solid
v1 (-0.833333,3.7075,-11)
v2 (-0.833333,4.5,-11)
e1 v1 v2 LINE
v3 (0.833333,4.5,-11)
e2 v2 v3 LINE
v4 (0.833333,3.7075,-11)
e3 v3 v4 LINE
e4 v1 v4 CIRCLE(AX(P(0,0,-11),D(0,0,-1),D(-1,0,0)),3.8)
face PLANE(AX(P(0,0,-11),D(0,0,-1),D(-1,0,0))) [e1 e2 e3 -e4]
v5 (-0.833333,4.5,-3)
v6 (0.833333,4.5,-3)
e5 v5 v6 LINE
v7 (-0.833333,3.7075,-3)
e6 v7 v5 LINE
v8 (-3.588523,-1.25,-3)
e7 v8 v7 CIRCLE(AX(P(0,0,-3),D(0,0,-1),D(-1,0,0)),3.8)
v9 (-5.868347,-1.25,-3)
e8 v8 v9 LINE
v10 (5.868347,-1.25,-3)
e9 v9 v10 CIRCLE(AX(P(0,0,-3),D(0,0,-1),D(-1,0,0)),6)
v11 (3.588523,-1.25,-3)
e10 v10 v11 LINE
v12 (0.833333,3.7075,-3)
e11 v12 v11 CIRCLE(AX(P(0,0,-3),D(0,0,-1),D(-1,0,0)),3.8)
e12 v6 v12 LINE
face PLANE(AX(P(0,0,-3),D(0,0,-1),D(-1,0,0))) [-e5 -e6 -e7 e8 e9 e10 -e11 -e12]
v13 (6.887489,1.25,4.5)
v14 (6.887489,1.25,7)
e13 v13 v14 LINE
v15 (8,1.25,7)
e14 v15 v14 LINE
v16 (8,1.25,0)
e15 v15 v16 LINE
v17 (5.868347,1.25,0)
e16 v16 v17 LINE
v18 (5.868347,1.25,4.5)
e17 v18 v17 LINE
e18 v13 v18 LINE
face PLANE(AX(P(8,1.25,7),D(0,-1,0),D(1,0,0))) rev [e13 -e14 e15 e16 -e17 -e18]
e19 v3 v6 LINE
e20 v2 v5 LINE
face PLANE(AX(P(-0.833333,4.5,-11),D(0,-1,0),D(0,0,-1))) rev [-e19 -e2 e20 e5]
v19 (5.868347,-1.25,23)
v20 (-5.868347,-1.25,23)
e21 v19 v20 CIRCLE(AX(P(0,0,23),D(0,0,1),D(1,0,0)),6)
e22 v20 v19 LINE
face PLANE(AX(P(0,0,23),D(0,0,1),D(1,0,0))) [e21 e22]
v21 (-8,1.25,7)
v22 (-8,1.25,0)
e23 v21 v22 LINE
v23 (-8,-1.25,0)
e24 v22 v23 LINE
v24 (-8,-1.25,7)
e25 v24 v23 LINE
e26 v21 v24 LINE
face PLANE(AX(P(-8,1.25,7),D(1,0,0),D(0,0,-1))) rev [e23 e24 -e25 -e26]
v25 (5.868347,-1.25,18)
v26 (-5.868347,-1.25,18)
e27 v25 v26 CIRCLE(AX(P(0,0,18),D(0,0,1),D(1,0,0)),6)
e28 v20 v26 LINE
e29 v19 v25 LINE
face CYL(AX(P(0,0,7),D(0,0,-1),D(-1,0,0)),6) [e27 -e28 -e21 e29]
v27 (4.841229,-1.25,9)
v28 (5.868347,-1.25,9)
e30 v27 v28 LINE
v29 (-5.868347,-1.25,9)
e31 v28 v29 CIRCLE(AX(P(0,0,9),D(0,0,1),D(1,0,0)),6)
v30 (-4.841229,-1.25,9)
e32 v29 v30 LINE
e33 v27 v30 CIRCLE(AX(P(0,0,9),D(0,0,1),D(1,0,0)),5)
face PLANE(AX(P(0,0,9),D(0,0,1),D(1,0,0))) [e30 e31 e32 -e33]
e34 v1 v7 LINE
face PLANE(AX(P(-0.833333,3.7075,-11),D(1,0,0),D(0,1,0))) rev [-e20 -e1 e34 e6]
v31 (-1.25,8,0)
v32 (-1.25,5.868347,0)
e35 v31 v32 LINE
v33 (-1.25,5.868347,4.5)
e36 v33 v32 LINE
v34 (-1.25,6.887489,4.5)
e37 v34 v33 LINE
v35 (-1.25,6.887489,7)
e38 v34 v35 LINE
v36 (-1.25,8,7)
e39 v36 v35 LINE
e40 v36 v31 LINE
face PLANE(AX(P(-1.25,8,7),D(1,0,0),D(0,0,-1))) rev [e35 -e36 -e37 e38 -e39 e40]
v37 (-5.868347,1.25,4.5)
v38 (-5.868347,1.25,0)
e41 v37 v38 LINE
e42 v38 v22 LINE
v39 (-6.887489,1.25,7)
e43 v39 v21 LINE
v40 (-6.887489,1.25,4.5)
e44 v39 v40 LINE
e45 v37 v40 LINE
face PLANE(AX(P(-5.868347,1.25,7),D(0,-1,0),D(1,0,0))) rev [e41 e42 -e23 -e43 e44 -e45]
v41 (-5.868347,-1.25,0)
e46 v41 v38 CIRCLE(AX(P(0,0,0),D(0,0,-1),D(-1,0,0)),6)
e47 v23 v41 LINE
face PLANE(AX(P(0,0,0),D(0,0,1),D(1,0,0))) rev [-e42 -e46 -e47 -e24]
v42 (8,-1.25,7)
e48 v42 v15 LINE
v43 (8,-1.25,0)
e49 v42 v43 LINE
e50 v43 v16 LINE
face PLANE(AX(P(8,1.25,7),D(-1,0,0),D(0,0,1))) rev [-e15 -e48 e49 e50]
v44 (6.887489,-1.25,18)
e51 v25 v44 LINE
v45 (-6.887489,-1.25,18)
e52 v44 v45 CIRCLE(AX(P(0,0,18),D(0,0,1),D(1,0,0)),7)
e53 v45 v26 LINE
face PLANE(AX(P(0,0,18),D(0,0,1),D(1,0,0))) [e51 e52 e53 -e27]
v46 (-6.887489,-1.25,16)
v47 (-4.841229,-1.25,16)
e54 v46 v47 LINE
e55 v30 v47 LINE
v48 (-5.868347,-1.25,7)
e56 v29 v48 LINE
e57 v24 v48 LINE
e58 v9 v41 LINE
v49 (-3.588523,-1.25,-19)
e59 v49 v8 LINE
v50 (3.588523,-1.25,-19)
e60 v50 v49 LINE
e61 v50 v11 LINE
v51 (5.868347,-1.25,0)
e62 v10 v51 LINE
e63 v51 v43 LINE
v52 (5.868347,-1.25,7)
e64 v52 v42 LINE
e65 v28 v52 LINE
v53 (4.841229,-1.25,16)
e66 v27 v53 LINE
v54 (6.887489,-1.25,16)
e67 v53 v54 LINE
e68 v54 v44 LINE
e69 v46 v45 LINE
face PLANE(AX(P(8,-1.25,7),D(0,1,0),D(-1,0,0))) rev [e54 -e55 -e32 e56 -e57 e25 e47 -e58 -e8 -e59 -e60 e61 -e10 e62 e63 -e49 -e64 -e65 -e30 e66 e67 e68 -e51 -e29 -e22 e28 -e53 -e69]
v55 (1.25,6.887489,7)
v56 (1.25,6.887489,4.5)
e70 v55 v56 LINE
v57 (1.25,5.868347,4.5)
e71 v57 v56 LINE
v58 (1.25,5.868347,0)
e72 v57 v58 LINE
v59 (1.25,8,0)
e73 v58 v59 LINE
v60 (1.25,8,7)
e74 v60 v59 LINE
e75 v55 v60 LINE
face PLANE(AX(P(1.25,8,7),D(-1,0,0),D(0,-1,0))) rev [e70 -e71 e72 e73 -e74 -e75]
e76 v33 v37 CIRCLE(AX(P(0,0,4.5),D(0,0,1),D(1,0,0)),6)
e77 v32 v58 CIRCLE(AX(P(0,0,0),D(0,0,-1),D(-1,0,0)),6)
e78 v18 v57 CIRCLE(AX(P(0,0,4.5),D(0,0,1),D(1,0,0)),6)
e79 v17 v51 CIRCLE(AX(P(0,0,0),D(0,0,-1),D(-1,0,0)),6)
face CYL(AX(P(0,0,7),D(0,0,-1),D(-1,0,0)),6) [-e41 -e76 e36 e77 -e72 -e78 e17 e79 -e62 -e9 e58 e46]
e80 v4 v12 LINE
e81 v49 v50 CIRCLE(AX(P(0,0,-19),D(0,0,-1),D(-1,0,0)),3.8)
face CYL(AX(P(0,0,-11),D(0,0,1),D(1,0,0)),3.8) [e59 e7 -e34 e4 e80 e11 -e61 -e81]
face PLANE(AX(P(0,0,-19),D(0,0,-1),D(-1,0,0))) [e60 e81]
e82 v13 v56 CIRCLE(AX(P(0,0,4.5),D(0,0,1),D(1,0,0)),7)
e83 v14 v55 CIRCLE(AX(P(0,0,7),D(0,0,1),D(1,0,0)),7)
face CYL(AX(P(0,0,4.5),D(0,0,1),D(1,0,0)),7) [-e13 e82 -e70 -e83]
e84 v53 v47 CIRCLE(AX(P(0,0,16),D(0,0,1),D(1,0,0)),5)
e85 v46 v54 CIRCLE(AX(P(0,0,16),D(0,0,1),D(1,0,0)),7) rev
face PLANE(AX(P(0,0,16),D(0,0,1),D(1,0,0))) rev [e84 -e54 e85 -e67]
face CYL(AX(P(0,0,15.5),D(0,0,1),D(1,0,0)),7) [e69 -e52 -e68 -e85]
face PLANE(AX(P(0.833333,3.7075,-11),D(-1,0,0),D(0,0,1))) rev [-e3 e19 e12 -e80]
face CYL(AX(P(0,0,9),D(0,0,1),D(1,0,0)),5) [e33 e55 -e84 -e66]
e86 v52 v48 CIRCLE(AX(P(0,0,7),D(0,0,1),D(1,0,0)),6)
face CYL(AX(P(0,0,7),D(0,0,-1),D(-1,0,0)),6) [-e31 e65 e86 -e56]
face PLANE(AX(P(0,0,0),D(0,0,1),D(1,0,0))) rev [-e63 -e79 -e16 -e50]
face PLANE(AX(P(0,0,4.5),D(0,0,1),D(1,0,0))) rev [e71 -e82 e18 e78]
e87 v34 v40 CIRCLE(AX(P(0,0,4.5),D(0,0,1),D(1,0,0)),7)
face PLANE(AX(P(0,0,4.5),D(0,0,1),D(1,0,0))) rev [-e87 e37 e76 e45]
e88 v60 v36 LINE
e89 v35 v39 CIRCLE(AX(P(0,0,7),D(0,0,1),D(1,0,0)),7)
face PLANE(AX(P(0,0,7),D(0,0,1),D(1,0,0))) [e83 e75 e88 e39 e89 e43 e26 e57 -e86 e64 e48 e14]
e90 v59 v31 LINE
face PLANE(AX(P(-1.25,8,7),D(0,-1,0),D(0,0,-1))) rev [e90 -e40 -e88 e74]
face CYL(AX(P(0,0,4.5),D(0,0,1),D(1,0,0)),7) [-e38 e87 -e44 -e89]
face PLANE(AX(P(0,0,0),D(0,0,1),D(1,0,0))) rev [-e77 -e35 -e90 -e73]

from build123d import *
from build123d.topology import SkipClean

# Parameters (mm, degrees)
BOSS_EXTRUDE1_DEPTH = 7
BOSS_EXTRUDE2_DEPTH = 16
BOSS_EXTRUDE3_START = -16
BOSS_EXTRUDE3_DEPTH = 2.5
BOSS_EXTRUDE4_START = -5
BOSS_EXTRUDE4_DEPTH = 2.5
CUT_EXTRUDE1_START  = -7
SKETCH7_R           = 7.581765893
CUT_EXTRUDE1_DEPTH  = 7
BOSS_EXTRUDE5_START = 3
BOSS_EXTRUDE5_DEPTH = 3
BOSS_EXTRUDE6_DEPTH = 8
BOSS_EXTRUDE7_DEPTH = 8


with BuildPart() as part:
    # Sketch1 → Boss-Extrude1 (new body)
    with BuildSketch(Plane.XY):
        with BuildLine():
            Line((8, 1.25), (5.868347297, 1.25))
            ThreePointArc((5.868347297, 1.25), (4.242640687, 4.242640687), (1.25, 5.868347297))
            Line((1.25, 5.868347297), (1.25, 8))
            Line((1.25, 8), (-1.25, 8))
            Line((-1.25, 8), (-1.25, 5.868347297))
            ThreePointArc((-1.25, 5.868347297), (-4.242640687, 4.242640687), (-5.868347297, 1.25))
            Line((-5.868347297, 1.25), (-8, 1.25))
            Line((-8, 1.25), (-8, -1.25))
            Line((-8, -1.25), (8, -1.25))
            Line((8, -1.25), (8, 1.25))
        make_face()
    extrude(amount=BOSS_EXTRUDE1_DEPTH)

    # Sketch3 → Boss-Extrude2 (add)
    with BuildSketch(Plane.XY.offset(7)):
        with BuildLine():
            Line((-5.868347297, -1.25), (5.868347297, -1.25))
            ThreePointArc((5.868347297, -1.25), (0, 6), (-5.868347297, -1.25))
        make_face()
    extrude(amount=BOSS_EXTRUDE2_DEPTH)

    # Sketch5 → Boss-Extrude3 (add)
    with BuildSketch(Plane.XY.offset(23).offset(BOSS_EXTRUDE3_START)):
        with BuildLine():
            Line((-6.887488657, -1.25), (6.887488657, -1.25))
            ThreePointArc((6.887488657, -1.25), (0, 7), (-6.887488657, -1.25))
        make_face()
    extrude(amount=-BOSS_EXTRUDE3_DEPTH)

    # Sketch6 → Boss-Extrude4 (add)
    with BuildSketch(Plane.XY.offset(23).offset(BOSS_EXTRUDE4_START)):
        with BuildLine():
            Line((-6.887488657, -1.25), (6.887488657, -1.25))
            ThreePointArc((6.887488657, -1.25), (0, 7), (-6.887488657, -1.25))
        make_face()
    extrude(amount=-BOSS_EXTRUDE4_DEPTH)

    # Sketch7 → Cut-Extrude1 (cut)
    with BuildSketch(Plane.XY.offset(23).offset(CUT_EXTRUDE1_START)):
        Circle(SKETCH7_R)
        with BuildLine():
            Line((-4.841229183, -1.25), (4.841229183, -1.25))
            ThreePointArc((4.841229183, -1.25), (0, 5), (-4.841229183, -1.25))
        make_face(mode=Mode.SUBTRACT)
    extrude(amount=-CUT_EXTRUDE1_DEPTH, mode=Mode.SUBTRACT)

    # Sketch8 → Boss-Extrude5 (add)
    with SkipClean():  # the faces are left unmerged after this step: merging them gives an invalid solid
        with BuildSketch(Plane(origin=(0, 0, 0), x_dir=(-1, 0, 0), z_dir=(0, 0, -1)).offset(BOSS_EXTRUDE5_START)):
            with BuildLine():
                Line((-5.868347297, -1.25), (5.868347297, -1.25))
                ThreePointArc((5.868347297, -1.25), (0, 6), (-5.868347297, -1.25))
            make_face()
        extrude(amount=-BOSS_EXTRUDE5_DEPTH)

    # Sketch9 → Boss-Extrude6 (add)
    with SkipClean():  # the faces are left unmerged after this step: merging them gives an invalid solid
        with BuildSketch(Plane(origin=(0, 0, -3), x_dir=(-1, 0, 0), z_dir=(0, 0, -1))):
            with BuildLine():
                Line((-3.588523373, -1.25), (3.588523373, -1.25))
                ThreePointArc((3.588523373, -1.25), (3.321506513, 1.845967087), (0.833333333, 3.707499906))
                Line((0.833333333, 3.707499906), (0.833333333, 4.5))
                Line((0.833333333, 4.5), (-0.833333333, 4.5))
                Line((-0.833333333, 4.5), (-0.833333333, 3.707499906))
                ThreePointArc((-0.833333333, 3.707499906), (-3.321506513, 1.845967087), (-3.588523373, -1.25))
            make_face()
        extrude(amount=BOSS_EXTRUDE6_DEPTH)

    # Sketch10 → Boss-Extrude7 (add)
    with SkipClean():  # the faces are left unmerged after this step: merging them gives an invalid solid
        with BuildSketch(Plane(origin=(0, 0, -11), x_dir=(-1, 0, 0), z_dir=(0, 0, -1))):
            with BuildLine():
                Line((-3.588523373, -1.25), (3.588523373, -1.25))
                ThreePointArc((3.588523373, -1.25), (0, 3.8), (-3.588523373, -1.25))
            make_face()
        extrude(amount=BOSS_EXTRUDE7_DEPTH)


solid = part.part
